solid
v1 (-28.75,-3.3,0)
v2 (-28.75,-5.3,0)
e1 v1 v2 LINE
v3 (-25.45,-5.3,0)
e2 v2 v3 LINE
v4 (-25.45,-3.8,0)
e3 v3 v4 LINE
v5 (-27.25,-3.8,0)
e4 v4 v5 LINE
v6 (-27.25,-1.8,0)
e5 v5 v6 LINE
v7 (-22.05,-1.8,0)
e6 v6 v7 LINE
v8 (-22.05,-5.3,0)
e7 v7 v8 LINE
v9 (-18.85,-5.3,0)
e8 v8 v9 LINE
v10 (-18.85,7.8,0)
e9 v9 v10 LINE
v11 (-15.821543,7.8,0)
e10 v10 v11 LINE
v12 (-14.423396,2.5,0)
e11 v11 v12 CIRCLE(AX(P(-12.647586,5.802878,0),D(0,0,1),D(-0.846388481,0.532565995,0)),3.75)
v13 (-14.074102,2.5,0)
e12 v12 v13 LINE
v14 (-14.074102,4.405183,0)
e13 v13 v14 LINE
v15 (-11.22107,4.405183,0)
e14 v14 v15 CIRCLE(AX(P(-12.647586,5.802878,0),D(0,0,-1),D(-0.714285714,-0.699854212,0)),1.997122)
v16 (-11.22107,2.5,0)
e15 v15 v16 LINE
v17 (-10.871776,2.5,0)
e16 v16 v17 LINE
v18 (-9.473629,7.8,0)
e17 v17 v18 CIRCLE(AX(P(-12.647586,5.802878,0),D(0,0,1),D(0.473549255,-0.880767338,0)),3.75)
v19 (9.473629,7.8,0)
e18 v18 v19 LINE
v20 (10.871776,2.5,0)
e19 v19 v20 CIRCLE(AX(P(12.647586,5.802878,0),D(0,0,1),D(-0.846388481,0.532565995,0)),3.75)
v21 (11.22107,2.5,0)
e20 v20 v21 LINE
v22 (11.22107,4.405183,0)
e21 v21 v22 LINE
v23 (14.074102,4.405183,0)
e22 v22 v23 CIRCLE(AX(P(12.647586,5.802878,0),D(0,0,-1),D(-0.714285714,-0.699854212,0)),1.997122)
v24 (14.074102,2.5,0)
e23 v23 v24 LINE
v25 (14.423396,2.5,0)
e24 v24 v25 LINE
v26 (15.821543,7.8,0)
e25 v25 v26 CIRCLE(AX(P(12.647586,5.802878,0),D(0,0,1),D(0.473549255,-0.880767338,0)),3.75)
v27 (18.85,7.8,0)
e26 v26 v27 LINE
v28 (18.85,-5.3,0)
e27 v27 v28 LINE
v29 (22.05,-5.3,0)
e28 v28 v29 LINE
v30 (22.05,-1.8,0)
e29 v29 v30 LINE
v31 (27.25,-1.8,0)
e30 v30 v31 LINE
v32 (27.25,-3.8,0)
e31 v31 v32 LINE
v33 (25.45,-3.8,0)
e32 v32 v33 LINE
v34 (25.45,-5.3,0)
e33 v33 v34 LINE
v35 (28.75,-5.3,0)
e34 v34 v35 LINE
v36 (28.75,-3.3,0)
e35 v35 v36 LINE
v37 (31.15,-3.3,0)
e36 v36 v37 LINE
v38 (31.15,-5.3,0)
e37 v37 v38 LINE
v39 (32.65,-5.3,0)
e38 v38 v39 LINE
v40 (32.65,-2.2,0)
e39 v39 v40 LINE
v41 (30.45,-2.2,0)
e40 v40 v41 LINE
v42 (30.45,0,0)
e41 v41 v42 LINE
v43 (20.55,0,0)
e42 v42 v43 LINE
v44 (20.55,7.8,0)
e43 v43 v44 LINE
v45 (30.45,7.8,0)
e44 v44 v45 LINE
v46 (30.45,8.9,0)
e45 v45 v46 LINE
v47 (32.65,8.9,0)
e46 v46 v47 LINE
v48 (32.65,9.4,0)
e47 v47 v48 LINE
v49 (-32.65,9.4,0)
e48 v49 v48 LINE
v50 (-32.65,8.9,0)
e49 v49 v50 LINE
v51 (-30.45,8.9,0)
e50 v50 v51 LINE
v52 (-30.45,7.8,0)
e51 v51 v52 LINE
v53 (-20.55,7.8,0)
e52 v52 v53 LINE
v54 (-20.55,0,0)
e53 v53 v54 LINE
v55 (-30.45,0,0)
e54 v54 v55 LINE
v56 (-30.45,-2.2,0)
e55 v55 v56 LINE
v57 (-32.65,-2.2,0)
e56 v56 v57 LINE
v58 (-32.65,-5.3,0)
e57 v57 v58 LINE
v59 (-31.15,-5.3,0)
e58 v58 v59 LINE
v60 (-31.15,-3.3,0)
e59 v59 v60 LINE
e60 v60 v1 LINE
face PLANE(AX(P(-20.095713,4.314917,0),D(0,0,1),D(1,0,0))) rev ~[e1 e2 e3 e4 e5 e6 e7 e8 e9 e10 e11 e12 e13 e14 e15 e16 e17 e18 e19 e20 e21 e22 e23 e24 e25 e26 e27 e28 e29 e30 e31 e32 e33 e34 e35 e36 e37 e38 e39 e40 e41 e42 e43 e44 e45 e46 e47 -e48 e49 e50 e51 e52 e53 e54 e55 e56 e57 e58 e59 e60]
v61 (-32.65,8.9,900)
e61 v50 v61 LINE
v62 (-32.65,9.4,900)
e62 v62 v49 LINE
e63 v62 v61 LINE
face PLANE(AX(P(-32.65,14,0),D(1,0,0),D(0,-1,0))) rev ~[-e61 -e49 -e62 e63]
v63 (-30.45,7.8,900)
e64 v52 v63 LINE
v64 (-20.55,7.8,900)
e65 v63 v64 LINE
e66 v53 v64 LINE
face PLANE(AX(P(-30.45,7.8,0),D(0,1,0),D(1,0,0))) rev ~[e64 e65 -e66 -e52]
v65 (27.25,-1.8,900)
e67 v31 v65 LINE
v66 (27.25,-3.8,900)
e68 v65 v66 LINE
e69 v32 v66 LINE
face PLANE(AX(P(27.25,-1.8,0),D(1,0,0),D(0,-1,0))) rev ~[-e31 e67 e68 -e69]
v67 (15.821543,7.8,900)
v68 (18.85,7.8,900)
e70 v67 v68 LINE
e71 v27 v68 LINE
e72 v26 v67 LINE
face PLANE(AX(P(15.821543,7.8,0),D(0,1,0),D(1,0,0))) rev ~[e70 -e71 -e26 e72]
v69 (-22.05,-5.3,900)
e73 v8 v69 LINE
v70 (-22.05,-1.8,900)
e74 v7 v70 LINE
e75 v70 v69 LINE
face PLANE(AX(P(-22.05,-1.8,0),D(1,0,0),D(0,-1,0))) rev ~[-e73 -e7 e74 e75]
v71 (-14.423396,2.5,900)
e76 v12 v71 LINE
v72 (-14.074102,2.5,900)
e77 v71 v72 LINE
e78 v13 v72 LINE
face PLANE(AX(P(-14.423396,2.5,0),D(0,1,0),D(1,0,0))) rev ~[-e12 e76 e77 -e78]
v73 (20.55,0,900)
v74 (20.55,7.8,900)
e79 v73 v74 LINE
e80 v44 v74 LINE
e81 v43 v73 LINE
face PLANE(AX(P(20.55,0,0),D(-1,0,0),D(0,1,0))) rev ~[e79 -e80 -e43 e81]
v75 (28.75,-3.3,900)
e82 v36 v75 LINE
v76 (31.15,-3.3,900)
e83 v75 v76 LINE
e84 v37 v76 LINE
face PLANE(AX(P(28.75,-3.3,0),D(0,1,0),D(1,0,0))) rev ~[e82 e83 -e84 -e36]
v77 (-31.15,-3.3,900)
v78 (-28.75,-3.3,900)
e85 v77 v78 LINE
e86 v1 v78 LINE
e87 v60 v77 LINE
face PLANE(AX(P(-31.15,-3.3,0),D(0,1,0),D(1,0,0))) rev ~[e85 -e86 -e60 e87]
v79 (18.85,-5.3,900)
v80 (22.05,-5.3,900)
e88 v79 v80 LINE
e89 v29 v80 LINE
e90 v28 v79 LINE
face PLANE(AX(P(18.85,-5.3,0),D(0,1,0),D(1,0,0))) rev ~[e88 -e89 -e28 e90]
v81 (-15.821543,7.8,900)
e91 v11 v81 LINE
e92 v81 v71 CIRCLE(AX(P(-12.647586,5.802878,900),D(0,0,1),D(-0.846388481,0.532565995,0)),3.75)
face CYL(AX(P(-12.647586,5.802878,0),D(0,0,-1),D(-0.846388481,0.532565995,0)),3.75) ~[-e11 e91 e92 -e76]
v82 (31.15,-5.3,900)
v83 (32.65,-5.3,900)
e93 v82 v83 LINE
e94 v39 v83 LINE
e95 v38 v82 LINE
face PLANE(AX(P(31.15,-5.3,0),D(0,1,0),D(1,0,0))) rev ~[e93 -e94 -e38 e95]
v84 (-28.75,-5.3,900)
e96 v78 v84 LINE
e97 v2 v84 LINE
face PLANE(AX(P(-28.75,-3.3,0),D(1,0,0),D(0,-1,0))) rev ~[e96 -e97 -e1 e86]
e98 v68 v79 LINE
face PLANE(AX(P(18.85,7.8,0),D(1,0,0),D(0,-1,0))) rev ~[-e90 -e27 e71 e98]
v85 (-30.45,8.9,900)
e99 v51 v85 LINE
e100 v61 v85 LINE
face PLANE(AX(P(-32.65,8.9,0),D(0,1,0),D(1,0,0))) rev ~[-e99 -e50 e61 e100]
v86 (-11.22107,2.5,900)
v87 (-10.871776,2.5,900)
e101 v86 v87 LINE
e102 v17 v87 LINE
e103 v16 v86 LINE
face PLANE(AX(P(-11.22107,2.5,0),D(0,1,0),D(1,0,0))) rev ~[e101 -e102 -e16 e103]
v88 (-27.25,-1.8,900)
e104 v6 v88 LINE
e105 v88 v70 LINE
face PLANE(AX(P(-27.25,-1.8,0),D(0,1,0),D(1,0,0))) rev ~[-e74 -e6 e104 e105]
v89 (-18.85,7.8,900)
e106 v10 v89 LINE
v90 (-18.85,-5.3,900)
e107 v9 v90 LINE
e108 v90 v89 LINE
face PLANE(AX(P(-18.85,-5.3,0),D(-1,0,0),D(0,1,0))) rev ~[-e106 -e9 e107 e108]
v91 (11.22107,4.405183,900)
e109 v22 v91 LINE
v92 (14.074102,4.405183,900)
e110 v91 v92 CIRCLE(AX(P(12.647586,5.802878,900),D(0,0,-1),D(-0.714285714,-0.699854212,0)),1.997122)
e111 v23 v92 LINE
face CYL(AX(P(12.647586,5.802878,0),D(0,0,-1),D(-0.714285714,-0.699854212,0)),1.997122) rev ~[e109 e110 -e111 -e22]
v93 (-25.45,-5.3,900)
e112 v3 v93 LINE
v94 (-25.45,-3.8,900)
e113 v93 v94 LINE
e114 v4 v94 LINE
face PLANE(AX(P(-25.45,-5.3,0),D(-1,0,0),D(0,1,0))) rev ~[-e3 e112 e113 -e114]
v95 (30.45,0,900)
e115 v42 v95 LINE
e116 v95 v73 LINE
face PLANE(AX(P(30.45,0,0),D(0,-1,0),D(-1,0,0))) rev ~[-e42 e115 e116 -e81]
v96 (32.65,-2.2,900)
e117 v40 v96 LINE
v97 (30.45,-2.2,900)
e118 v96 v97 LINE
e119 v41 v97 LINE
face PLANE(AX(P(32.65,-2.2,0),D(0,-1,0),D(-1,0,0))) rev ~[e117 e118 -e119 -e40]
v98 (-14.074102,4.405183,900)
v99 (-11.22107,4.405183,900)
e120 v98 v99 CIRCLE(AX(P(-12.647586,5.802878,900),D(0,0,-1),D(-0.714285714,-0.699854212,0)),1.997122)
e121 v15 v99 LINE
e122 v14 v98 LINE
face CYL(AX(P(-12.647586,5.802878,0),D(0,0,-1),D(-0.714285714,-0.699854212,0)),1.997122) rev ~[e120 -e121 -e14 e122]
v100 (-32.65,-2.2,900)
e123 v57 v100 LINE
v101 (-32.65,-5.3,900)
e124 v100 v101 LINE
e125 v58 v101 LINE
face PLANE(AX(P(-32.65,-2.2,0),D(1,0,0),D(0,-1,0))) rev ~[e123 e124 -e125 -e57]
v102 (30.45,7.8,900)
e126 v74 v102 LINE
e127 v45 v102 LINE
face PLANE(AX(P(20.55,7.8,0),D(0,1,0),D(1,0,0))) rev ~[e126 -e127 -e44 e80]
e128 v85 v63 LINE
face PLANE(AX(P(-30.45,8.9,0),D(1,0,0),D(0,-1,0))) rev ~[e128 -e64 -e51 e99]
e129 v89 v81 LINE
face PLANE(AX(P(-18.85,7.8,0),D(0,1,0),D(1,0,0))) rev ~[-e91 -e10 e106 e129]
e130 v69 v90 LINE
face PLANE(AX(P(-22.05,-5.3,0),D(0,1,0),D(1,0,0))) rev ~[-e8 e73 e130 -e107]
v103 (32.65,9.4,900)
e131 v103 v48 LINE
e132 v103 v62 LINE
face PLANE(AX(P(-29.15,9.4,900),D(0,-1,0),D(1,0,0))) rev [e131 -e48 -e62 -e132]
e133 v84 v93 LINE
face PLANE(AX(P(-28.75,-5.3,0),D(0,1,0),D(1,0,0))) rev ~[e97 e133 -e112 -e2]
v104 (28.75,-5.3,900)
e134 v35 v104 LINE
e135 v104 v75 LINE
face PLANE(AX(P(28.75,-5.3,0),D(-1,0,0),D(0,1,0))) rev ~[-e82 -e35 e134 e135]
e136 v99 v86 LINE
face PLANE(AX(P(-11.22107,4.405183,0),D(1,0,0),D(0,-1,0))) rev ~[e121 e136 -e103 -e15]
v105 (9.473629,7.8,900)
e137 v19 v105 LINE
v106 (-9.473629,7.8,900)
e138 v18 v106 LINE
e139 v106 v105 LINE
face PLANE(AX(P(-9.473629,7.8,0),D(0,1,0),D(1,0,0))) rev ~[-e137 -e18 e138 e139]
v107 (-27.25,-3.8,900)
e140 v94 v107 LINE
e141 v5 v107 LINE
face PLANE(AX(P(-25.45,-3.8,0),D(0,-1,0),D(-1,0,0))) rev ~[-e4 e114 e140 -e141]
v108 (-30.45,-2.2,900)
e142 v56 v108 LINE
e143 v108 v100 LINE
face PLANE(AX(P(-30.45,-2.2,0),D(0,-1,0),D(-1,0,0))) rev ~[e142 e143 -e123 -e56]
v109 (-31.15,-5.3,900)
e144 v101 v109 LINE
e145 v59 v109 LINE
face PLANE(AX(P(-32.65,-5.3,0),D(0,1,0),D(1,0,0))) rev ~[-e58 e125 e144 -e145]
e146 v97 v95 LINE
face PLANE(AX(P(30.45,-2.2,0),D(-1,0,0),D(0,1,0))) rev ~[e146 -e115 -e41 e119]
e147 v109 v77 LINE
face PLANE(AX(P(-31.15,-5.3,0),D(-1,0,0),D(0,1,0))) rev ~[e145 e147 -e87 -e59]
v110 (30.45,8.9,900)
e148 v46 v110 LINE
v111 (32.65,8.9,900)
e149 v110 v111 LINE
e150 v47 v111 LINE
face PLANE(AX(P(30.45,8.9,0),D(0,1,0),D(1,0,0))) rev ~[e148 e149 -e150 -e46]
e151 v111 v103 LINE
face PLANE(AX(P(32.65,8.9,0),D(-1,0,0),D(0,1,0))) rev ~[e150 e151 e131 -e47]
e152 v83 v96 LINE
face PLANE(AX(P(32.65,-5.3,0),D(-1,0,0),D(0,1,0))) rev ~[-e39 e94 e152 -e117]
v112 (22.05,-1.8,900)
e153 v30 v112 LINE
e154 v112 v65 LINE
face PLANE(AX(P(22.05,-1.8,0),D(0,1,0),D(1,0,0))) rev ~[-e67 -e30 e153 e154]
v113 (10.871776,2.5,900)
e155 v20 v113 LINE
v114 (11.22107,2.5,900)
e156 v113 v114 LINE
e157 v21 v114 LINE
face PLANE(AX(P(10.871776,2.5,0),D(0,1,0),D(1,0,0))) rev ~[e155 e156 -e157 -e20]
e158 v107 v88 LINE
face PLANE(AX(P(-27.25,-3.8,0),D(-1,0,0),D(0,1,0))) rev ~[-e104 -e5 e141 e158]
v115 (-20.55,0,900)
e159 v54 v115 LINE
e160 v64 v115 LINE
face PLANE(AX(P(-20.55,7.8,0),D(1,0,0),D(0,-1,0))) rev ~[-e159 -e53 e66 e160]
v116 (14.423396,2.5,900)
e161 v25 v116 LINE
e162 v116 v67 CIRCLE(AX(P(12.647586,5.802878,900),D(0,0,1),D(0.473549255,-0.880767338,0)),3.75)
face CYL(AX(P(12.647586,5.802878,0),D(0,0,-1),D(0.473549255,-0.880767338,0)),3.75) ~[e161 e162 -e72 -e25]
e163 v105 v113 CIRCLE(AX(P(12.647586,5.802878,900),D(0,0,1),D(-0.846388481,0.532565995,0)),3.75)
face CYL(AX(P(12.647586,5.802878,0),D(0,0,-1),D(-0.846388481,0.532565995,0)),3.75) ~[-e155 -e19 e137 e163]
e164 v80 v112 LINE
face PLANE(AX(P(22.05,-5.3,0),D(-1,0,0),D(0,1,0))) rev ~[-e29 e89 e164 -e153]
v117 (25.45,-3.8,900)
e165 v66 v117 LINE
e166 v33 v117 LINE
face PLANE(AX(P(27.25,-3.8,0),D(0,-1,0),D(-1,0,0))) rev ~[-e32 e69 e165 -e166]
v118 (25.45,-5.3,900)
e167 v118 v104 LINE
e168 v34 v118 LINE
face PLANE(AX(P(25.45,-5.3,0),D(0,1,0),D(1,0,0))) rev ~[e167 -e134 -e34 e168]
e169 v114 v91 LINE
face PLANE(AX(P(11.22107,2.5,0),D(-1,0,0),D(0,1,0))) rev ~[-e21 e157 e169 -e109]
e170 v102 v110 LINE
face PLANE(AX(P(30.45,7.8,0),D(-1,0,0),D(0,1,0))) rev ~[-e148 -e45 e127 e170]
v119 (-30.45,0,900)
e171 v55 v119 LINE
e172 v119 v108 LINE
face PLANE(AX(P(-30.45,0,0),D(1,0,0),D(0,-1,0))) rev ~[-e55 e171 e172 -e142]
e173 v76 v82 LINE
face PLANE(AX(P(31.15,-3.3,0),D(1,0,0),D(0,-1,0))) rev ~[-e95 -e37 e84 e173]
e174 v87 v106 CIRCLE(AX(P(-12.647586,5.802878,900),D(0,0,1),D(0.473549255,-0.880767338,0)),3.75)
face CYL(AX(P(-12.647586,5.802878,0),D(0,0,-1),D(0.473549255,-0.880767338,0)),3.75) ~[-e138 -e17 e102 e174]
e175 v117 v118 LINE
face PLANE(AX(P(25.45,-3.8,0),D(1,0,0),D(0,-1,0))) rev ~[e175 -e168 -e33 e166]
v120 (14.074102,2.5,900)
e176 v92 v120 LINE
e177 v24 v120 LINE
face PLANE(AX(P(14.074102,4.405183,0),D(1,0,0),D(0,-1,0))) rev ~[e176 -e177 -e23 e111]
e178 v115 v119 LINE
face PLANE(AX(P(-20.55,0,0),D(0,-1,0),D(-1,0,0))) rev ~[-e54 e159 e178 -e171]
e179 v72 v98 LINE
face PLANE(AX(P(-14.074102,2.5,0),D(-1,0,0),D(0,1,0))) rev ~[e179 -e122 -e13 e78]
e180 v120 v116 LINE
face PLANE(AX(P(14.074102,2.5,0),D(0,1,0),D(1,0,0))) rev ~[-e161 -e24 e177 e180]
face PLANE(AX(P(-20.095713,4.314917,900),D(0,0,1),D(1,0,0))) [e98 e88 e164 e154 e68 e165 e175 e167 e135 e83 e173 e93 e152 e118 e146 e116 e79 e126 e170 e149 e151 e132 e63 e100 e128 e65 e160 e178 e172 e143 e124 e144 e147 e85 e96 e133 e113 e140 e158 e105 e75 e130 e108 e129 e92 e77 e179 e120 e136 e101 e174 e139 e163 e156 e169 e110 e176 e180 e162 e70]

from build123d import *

# Parameters (mm, degrees)
ESTRUSIONE_ESTRUSIONE1_DEPTH = 900
SCHIZZO2_W                   = 3.5
SCHIZZO2_H                   = 4.6
TAGLIO_ESTRUSIONE1_DEPTH     = 901.700850727


with BuildPart() as part:
    # Schizzo1 → Estrusione-Estrusione1 (new body)
    with BuildSketch(Plane.XY):
        with BuildLine():
            Line((-30.15, 14), (-32.65, 14))
            Line((-32.65, 14), (-32.65, 8.9))
            Line((-32.65, 8.9), (-30.45, 8.9))
            Line((-30.45, 8.9), (-30.45, 7.8))
            Line((-30.45, 7.8), (-20.55, 7.8))
            Line((-20.55, 7.8), (-20.55, 0))
            Line((-20.55, 0), (-30.45, 0))
            Line((-30.45, 0), (-30.45, -2.2))
            Line((-30.45, -2.2), (-32.65, -2.2))
            Line((-32.65, -2.2), (-32.65, -5.3))
            Line((-32.65, -5.3), (-31.15, -5.3))
            Line((-31.15, -5.3), (-31.15, -3.3))
            Line((-31.15, -3.3), (-28.75, -3.3))
            Line((-28.75, -3.3), (-28.75, -5.3))
            Line((-28.75, -5.3), (-25.45, -5.3))
            Line((-25.45, -5.3), (-25.45, -3.8))
            Line((-25.45, -3.8), (-27.25, -3.8))
            Line((-27.25, -3.8), (-27.25, -1.8))
            Line((-27.25, -1.8), (-22.05, -1.8))
            Line((-22.05, -1.8), (-22.05, -5.3))
            Line((-22.05, -5.3), (-18.85, -5.3))
            Line((-18.85, -5.3), (-18.85, 7.8))
            Line((-18.85, 7.8), (-15.821542758, 7.8))
            ThreePointArc((-15.821542758, 7.8), (-16.273540604, 4.846345824), (-14.423395659, 2.5))
            Line((-14.423395659, 2.5), (-14.074102014, 2.5))
            Line((-14.074102014, 2.5), (-14.074102014, 4.405182935))
            ThreePointArc((-14.074102014, 4.405182935), (-12.647585955, 7.8), (-11.221069895, 4.405182935))
            Line((-11.221069895, 4.405182935), (-11.221069895, 2.5))
            Line((-11.221069895, 2.5), (-10.87177625, 2.5))
            ThreePointArc((-10.87177625, 2.5), (-9.021631305, 4.846345824), (-9.473629151, 7.8))
            Line((-9.473629151, 7.8), (0, 7.8))
            Line((0, 7.8), (0, 9.4))
            Line((0, 9.4), (-29.15, 9.4))
            Line((-29.15, 9.4), (-29.15, 10.5))
            Line((-29.15, 10.5), (-30.15, 10.5))
            Line((-30.15, 10.5), (-30.15, 14))
        make_face()
        with BuildLine():
            Line((29.15, 9.4), (0, 9.4))
            Line((0, 9.4), (0, 7.8))
            Line((0, 7.8), (9.473629151, 7.8))
            ThreePointArc((9.473629151, 7.8), (9.021631305, 4.846345824), (10.87177625, 2.5))
            Line((10.87177625, 2.5), (11.221069895, 2.5))
            Line((11.221069895, 2.5), (11.221069895, 4.405182935))
            ThreePointArc((11.221069895, 4.405182935), (12.647585955, 7.8), (14.074102014, 4.405182935))
            Line((14.074102014, 4.405182935), (14.074102014, 2.5))
            Line((14.074102014, 2.5), (14.423395659, 2.5))
            ThreePointArc((14.423395659, 2.5), (16.273540604, 4.846345824), (15.821542758, 7.8))
            Line((15.821542758, 7.8), (18.85, 7.8))
            Line((18.85, 7.8), (18.85, -5.3))
            Line((18.85, -5.3), (22.05, -5.3))
            Line((22.05, -5.3), (22.05, -1.8))
            Line((22.05, -1.8), (27.25, -1.8))
            Line((27.25, -1.8), (27.25, -3.8))
            Line((27.25, -3.8), (25.45, -3.8))
            Line((25.45, -3.8), (25.45, -5.3))
            Line((25.45, -5.3), (28.75, -5.3))
            Line((28.75, -5.3), (28.75, -3.3))
            Line((28.75, -3.3), (31.15, -3.3))
            Line((31.15, -3.3), (31.15, -5.3))
            Line((31.15, -5.3), (32.65, -5.3))
            Line((32.65, -5.3), (32.65, -2.2))
            Line((32.65, -2.2), (30.45, -2.2))
            Line((30.45, -2.2), (30.45, 0))
            Line((30.45, 0), (20.55, 0))
            Line((20.55, 0), (20.55, 7.8))
            Line((20.55, 7.8), (30.45, 7.8))
            Line((30.45, 7.8), (30.45, 8.9))
            Line((30.45, 8.9), (32.65, 8.9))
            Line((32.65, 8.9), (32.65, 14))
            Line((32.65, 14), (30.15, 14))
            Line((30.15, 14), (30.15, 10.5))
            Line((30.15, 10.5), (29.15, 10.5))
            Line((29.15, 10.5), (29.15, 9.4))
        make_face()
    extrude(amount=ESTRUSIONE_ESTRUSIONE1_DEPTH)

    # Schizzo2 → Taglio-Estrusione1 (cut, through all)
    with BuildSketch(Plane.XY.offset(900)):
        with Locations((30.9, 11.7)):
            Rectangle(SCHIZZO2_W, SCHIZZO2_H)
    taglio_estrusione1 = extrude(amount=-TAGLIO_ESTRUSIONE1_DEPTH, mode=Mode.SUBTRACT)

    # Specchia1: Taglio-Estrusione1 across plane
    add(taglio_estrusione1.mirror(Plane(origin=(0, 0, 0), x_dir=(0, 0, 1), z_dir=(1, 0, 0))), mode=Mode.SUBTRACT)


solid = part.part
